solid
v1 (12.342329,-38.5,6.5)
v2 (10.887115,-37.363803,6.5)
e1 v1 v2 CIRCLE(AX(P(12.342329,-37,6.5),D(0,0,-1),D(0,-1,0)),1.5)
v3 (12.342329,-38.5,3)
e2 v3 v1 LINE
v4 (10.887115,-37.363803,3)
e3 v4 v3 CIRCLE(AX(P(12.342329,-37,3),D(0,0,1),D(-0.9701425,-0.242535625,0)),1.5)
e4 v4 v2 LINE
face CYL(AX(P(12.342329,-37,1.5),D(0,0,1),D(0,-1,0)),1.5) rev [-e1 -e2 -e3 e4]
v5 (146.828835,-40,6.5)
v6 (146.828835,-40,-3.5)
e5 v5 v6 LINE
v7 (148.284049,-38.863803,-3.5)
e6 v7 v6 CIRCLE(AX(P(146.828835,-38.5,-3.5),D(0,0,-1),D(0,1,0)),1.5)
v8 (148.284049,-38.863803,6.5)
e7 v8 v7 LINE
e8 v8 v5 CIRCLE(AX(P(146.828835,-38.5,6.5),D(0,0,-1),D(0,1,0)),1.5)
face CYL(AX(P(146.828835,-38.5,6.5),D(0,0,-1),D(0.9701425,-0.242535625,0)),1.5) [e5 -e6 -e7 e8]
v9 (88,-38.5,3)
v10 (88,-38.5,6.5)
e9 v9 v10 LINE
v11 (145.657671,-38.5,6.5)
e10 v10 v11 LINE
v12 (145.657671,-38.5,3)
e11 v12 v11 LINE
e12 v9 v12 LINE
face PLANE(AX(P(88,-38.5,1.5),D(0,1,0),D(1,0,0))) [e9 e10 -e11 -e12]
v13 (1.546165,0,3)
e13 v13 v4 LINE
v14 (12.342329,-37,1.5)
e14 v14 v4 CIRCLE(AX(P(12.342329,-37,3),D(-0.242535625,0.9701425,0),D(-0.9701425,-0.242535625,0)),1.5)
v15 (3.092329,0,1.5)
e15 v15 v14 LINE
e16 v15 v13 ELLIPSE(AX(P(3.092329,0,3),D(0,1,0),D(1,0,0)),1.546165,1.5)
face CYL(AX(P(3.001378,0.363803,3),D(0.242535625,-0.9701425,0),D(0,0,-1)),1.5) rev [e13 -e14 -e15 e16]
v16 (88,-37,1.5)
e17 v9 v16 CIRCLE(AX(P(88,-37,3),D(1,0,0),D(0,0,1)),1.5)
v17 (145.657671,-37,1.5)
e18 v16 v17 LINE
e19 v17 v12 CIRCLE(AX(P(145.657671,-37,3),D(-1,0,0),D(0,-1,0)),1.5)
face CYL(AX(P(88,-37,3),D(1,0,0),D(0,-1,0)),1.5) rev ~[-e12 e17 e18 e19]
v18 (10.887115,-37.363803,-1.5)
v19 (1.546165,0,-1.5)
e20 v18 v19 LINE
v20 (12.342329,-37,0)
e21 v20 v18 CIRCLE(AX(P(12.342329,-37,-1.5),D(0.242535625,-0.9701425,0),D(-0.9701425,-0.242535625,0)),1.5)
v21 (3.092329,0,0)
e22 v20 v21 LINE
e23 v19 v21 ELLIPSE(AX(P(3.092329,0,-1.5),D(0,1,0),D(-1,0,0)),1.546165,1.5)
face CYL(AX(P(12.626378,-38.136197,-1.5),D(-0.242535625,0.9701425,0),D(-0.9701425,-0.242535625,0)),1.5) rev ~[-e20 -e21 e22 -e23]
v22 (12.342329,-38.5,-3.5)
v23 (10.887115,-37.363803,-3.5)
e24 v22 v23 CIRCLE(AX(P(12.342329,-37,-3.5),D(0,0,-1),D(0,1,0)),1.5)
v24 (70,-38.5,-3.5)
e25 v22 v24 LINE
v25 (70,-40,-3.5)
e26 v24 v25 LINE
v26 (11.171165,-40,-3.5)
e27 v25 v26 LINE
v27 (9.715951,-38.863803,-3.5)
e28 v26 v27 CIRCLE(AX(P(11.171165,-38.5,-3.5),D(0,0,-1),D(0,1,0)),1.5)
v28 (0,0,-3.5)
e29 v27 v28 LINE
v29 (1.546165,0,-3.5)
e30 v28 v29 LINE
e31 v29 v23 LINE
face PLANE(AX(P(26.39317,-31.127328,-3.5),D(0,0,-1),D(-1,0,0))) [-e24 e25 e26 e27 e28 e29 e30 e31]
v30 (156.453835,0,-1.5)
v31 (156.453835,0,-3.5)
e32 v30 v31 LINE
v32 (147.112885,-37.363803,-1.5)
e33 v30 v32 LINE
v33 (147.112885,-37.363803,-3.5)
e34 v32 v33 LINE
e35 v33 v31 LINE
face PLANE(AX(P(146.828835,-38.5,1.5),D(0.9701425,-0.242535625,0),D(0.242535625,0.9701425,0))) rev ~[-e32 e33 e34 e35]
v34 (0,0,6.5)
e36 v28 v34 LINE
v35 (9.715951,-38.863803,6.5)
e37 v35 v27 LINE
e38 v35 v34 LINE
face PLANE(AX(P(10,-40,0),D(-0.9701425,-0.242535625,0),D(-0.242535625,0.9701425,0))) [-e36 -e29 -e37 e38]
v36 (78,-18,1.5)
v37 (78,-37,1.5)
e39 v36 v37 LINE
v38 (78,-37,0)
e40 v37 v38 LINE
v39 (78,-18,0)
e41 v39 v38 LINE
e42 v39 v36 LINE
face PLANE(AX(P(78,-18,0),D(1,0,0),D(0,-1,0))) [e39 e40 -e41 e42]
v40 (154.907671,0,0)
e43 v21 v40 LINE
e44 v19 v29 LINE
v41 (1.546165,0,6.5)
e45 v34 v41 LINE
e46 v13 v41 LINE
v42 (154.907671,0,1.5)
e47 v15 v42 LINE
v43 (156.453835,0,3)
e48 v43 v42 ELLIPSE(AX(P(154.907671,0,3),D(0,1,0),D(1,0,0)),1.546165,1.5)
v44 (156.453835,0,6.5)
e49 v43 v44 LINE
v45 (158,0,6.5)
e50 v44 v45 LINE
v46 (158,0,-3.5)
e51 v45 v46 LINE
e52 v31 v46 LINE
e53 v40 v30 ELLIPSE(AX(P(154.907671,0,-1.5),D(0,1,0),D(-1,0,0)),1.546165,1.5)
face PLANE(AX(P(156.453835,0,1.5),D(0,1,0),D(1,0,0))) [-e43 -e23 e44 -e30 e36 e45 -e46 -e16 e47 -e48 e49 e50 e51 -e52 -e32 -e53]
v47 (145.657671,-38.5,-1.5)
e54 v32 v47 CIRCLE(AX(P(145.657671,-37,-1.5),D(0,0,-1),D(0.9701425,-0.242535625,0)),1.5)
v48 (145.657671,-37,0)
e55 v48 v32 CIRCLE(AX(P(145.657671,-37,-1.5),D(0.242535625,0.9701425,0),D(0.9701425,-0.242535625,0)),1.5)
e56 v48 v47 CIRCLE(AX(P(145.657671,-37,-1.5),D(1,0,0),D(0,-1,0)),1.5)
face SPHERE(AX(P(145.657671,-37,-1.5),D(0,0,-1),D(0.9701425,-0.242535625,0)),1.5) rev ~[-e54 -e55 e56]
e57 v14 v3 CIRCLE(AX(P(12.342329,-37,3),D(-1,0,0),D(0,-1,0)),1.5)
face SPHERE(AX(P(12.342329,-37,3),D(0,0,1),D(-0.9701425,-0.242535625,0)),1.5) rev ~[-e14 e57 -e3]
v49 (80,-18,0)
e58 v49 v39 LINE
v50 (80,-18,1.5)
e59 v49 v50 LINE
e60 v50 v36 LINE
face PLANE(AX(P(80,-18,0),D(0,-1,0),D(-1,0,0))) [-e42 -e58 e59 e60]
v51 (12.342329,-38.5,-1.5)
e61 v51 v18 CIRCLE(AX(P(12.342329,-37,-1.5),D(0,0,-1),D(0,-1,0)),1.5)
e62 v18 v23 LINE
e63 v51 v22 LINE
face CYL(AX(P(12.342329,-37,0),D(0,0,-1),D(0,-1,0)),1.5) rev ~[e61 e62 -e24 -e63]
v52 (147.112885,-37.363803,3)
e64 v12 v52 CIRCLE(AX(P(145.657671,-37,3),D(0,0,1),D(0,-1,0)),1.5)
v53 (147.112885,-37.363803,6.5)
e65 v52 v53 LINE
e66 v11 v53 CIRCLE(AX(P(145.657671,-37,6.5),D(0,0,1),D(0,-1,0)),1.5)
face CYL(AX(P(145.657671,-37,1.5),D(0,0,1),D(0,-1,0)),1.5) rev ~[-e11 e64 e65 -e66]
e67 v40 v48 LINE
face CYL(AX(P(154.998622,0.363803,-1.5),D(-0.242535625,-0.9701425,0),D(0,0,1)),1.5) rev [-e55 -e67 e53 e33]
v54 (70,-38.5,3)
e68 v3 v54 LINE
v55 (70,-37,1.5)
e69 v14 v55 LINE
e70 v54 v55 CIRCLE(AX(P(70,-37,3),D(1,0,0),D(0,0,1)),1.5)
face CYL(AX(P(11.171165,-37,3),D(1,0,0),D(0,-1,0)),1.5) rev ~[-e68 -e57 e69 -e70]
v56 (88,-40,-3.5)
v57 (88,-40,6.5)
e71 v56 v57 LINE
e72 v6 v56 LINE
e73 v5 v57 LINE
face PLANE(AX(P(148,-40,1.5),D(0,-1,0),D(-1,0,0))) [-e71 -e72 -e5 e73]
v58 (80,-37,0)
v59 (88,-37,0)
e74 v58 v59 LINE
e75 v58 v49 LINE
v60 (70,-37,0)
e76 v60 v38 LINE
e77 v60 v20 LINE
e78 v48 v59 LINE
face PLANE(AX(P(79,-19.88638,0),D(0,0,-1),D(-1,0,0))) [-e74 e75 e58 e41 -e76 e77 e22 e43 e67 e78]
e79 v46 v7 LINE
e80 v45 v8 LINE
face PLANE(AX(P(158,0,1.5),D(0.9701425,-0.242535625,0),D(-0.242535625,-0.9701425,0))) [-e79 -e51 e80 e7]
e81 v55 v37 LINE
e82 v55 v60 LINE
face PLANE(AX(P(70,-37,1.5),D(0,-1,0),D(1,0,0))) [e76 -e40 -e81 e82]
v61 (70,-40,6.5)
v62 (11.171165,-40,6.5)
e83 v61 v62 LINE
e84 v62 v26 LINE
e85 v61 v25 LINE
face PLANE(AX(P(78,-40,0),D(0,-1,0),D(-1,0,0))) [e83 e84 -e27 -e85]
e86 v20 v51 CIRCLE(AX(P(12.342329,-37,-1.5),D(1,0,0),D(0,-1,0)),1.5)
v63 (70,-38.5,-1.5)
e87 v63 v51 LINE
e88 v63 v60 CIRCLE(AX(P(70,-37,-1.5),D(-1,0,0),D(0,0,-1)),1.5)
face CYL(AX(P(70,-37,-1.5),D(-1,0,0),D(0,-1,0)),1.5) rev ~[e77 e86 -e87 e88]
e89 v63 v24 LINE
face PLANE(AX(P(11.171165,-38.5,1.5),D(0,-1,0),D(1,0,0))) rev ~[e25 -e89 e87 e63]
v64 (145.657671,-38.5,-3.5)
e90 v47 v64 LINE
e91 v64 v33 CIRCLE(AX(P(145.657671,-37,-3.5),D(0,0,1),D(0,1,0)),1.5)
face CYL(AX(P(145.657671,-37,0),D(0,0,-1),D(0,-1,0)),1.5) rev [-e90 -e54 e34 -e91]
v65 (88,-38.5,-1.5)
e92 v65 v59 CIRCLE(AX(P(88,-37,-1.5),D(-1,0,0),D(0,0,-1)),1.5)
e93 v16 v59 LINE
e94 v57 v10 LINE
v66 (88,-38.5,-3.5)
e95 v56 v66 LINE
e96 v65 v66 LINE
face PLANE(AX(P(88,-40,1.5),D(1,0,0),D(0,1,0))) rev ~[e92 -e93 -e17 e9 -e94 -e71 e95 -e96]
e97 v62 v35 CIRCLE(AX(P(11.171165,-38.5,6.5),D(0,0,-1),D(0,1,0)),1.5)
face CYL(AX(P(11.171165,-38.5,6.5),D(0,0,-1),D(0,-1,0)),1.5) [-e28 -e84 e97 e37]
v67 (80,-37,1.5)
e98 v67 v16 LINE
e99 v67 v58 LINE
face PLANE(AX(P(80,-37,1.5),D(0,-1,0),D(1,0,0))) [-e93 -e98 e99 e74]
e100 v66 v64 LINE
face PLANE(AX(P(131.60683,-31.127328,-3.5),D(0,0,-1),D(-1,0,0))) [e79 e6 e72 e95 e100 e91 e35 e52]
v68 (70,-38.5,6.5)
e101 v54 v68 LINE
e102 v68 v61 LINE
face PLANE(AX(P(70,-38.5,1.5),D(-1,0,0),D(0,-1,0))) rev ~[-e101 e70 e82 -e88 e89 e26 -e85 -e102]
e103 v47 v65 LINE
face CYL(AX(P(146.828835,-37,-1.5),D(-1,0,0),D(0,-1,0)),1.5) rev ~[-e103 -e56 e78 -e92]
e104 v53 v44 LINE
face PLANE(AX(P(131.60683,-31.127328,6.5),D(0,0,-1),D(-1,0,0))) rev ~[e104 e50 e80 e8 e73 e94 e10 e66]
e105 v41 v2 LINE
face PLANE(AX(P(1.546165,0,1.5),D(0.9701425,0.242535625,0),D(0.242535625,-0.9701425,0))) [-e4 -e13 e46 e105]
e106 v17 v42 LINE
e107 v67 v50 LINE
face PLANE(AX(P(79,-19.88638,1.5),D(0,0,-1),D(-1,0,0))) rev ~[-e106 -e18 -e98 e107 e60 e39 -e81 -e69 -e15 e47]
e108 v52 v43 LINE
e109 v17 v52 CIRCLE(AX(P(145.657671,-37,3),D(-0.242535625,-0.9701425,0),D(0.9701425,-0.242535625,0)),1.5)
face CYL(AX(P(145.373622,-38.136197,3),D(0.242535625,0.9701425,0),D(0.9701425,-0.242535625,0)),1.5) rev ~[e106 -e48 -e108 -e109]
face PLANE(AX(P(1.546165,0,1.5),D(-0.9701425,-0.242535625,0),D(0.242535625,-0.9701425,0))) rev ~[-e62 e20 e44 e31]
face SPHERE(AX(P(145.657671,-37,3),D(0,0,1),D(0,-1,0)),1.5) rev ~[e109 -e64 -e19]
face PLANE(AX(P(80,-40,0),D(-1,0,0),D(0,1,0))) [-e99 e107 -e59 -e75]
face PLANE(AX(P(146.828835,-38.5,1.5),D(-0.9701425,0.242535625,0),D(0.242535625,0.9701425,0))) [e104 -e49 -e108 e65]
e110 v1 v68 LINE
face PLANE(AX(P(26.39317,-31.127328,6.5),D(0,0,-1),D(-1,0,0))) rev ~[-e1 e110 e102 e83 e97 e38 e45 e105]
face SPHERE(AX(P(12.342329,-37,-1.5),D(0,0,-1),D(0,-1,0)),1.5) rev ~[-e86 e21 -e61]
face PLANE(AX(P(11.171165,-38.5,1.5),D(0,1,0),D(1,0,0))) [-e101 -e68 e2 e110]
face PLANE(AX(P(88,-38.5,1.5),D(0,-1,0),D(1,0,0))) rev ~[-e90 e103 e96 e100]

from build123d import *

# Parameters (mm, degrees)
BOSS_EXTRUDE2_DEPTH            = 1.5
BOSS_EXTRUDE3_DEPTH            = 5
BOSS_EXTRUDE3_DEPTH_BACK       = 5
FILLET1_R                      = 1.5
CUT_EXTRUDE1_REACH             = 7
SKETCH6_W                      = 8
SKETCH6_H                      = 3
CUT_EXTRUDE1_DIRECTION_2_DEPTH = 6


with BuildPart() as part:
    # Sketch1 → Boss-Extrude2 (new body)
    with BuildSketch(Plane.XY):
        Polygon((0, 0), (158, 0), (148, -40), (80, -40), (80, -18), (78, -18), (78, -40), (10, -40), align=None)
    extrude(amount=BOSS_EXTRUDE2_DEPTH)

    # Sketch5 → Boss-Extrude3 (add, two sides)
    with BuildSketch(Plane.XY.offset(1.5)) as boss_extrude3_sk:
        Polygon((156.45383539, 0), (158, 0), (148, -40), (88, -40), (88, -38.5), (146.82883539, -38.5), align=None)
        Polygon((70, -38.5), (70, -40), (10, -40), (0, 0), (1.54616461, 0), (11.17116461, -38.5), align=None)
    extrude(amount=BOSS_EXTRUDE3_DEPTH)
    extrude(boss_extrude3_sk.sketch, amount=-BOSS_EXTRUDE3_DEPTH_BACK)

    # Fillet1
    fillet1_edges = [part.edges().sort_by_distance(p)[0] for p in [
        (148, -40, 1.5),
        (10, -40, 1.5),
        (151.64133539, -19.25, 0),
        (117.414417695, -38.5, 0),
        (146.82883539, -38.5, -1.75),
        (117.414417695, -38.5, 1.5),
        (151.64133539, -19.25, 1.5),
        (146.82883539, -38.5, 4),
        (40.585582305, -38.5, 0),
        (6.35866461, -19.25, 0),
        (11.17116461, -38.5, -1.75),
        (6.35866461, -19.25, 1.5),
        (40.585582305, -38.5, 1.5),
        (11.17116461, -38.5, 4),
    ]]
    fillet(fillet1_edges, radius=FILLET1_R)

    # Sketch6 → Cut-Extrude1 (cut, up to next)
    with BuildSketch(Plane.XY.offset(1.5), mode=Mode.PRIVATE) as cut_extrude1_sk1:
        with Locations((74, -38.5)):
            Rectangle(SKETCH6_W, SKETCH6_H)
    cut_extrude1_tool1 = extrude(cut_extrude1_sk1.sketch, amount=-CUT_EXTRUDE1_REACH, mode=Mode.PRIVATE) & part.part
    add(cut_extrude1_tool1.solids().sort_by_distance((74, -38.5, 1.5))[0], mode=Mode.SUBTRACT)
    # Sketch6 → Cut-Extrude1 (cut, up to next)
    with BuildSketch(Plane.XY.offset(1.5), mode=Mode.PRIVATE) as cut_extrude1_sk2:
        with Locations((84, -38.5)):
            Rectangle(SKETCH6_W, SKETCH6_H)
    cut_extrude1_tool2 = extrude(cut_extrude1_sk2.sketch, amount=-CUT_EXTRUDE1_REACH, mode=Mode.PRIVATE) & part.part
    add(cut_extrude1_tool2.solids().sort_by_distance((84, -38.5, 1.5))[0], mode=Mode.SUBTRACT)

    # Sketch6 → Cut-Extrude1 direction 2 (cut)
    with BuildSketch(Plane.XY.offset(1.5)):
        with Locations((74, -38.5)):
            Rectangle(SKETCH6_W, SKETCH6_H)
        with Locations((84, -38.5)):
            Rectangle(SKETCH6_W, SKETCH6_H)
    extrude(amount=CUT_EXTRUDE1_DIRECTION_2_DEPTH, mode=Mode.SUBTRACT)


solid = part.part
